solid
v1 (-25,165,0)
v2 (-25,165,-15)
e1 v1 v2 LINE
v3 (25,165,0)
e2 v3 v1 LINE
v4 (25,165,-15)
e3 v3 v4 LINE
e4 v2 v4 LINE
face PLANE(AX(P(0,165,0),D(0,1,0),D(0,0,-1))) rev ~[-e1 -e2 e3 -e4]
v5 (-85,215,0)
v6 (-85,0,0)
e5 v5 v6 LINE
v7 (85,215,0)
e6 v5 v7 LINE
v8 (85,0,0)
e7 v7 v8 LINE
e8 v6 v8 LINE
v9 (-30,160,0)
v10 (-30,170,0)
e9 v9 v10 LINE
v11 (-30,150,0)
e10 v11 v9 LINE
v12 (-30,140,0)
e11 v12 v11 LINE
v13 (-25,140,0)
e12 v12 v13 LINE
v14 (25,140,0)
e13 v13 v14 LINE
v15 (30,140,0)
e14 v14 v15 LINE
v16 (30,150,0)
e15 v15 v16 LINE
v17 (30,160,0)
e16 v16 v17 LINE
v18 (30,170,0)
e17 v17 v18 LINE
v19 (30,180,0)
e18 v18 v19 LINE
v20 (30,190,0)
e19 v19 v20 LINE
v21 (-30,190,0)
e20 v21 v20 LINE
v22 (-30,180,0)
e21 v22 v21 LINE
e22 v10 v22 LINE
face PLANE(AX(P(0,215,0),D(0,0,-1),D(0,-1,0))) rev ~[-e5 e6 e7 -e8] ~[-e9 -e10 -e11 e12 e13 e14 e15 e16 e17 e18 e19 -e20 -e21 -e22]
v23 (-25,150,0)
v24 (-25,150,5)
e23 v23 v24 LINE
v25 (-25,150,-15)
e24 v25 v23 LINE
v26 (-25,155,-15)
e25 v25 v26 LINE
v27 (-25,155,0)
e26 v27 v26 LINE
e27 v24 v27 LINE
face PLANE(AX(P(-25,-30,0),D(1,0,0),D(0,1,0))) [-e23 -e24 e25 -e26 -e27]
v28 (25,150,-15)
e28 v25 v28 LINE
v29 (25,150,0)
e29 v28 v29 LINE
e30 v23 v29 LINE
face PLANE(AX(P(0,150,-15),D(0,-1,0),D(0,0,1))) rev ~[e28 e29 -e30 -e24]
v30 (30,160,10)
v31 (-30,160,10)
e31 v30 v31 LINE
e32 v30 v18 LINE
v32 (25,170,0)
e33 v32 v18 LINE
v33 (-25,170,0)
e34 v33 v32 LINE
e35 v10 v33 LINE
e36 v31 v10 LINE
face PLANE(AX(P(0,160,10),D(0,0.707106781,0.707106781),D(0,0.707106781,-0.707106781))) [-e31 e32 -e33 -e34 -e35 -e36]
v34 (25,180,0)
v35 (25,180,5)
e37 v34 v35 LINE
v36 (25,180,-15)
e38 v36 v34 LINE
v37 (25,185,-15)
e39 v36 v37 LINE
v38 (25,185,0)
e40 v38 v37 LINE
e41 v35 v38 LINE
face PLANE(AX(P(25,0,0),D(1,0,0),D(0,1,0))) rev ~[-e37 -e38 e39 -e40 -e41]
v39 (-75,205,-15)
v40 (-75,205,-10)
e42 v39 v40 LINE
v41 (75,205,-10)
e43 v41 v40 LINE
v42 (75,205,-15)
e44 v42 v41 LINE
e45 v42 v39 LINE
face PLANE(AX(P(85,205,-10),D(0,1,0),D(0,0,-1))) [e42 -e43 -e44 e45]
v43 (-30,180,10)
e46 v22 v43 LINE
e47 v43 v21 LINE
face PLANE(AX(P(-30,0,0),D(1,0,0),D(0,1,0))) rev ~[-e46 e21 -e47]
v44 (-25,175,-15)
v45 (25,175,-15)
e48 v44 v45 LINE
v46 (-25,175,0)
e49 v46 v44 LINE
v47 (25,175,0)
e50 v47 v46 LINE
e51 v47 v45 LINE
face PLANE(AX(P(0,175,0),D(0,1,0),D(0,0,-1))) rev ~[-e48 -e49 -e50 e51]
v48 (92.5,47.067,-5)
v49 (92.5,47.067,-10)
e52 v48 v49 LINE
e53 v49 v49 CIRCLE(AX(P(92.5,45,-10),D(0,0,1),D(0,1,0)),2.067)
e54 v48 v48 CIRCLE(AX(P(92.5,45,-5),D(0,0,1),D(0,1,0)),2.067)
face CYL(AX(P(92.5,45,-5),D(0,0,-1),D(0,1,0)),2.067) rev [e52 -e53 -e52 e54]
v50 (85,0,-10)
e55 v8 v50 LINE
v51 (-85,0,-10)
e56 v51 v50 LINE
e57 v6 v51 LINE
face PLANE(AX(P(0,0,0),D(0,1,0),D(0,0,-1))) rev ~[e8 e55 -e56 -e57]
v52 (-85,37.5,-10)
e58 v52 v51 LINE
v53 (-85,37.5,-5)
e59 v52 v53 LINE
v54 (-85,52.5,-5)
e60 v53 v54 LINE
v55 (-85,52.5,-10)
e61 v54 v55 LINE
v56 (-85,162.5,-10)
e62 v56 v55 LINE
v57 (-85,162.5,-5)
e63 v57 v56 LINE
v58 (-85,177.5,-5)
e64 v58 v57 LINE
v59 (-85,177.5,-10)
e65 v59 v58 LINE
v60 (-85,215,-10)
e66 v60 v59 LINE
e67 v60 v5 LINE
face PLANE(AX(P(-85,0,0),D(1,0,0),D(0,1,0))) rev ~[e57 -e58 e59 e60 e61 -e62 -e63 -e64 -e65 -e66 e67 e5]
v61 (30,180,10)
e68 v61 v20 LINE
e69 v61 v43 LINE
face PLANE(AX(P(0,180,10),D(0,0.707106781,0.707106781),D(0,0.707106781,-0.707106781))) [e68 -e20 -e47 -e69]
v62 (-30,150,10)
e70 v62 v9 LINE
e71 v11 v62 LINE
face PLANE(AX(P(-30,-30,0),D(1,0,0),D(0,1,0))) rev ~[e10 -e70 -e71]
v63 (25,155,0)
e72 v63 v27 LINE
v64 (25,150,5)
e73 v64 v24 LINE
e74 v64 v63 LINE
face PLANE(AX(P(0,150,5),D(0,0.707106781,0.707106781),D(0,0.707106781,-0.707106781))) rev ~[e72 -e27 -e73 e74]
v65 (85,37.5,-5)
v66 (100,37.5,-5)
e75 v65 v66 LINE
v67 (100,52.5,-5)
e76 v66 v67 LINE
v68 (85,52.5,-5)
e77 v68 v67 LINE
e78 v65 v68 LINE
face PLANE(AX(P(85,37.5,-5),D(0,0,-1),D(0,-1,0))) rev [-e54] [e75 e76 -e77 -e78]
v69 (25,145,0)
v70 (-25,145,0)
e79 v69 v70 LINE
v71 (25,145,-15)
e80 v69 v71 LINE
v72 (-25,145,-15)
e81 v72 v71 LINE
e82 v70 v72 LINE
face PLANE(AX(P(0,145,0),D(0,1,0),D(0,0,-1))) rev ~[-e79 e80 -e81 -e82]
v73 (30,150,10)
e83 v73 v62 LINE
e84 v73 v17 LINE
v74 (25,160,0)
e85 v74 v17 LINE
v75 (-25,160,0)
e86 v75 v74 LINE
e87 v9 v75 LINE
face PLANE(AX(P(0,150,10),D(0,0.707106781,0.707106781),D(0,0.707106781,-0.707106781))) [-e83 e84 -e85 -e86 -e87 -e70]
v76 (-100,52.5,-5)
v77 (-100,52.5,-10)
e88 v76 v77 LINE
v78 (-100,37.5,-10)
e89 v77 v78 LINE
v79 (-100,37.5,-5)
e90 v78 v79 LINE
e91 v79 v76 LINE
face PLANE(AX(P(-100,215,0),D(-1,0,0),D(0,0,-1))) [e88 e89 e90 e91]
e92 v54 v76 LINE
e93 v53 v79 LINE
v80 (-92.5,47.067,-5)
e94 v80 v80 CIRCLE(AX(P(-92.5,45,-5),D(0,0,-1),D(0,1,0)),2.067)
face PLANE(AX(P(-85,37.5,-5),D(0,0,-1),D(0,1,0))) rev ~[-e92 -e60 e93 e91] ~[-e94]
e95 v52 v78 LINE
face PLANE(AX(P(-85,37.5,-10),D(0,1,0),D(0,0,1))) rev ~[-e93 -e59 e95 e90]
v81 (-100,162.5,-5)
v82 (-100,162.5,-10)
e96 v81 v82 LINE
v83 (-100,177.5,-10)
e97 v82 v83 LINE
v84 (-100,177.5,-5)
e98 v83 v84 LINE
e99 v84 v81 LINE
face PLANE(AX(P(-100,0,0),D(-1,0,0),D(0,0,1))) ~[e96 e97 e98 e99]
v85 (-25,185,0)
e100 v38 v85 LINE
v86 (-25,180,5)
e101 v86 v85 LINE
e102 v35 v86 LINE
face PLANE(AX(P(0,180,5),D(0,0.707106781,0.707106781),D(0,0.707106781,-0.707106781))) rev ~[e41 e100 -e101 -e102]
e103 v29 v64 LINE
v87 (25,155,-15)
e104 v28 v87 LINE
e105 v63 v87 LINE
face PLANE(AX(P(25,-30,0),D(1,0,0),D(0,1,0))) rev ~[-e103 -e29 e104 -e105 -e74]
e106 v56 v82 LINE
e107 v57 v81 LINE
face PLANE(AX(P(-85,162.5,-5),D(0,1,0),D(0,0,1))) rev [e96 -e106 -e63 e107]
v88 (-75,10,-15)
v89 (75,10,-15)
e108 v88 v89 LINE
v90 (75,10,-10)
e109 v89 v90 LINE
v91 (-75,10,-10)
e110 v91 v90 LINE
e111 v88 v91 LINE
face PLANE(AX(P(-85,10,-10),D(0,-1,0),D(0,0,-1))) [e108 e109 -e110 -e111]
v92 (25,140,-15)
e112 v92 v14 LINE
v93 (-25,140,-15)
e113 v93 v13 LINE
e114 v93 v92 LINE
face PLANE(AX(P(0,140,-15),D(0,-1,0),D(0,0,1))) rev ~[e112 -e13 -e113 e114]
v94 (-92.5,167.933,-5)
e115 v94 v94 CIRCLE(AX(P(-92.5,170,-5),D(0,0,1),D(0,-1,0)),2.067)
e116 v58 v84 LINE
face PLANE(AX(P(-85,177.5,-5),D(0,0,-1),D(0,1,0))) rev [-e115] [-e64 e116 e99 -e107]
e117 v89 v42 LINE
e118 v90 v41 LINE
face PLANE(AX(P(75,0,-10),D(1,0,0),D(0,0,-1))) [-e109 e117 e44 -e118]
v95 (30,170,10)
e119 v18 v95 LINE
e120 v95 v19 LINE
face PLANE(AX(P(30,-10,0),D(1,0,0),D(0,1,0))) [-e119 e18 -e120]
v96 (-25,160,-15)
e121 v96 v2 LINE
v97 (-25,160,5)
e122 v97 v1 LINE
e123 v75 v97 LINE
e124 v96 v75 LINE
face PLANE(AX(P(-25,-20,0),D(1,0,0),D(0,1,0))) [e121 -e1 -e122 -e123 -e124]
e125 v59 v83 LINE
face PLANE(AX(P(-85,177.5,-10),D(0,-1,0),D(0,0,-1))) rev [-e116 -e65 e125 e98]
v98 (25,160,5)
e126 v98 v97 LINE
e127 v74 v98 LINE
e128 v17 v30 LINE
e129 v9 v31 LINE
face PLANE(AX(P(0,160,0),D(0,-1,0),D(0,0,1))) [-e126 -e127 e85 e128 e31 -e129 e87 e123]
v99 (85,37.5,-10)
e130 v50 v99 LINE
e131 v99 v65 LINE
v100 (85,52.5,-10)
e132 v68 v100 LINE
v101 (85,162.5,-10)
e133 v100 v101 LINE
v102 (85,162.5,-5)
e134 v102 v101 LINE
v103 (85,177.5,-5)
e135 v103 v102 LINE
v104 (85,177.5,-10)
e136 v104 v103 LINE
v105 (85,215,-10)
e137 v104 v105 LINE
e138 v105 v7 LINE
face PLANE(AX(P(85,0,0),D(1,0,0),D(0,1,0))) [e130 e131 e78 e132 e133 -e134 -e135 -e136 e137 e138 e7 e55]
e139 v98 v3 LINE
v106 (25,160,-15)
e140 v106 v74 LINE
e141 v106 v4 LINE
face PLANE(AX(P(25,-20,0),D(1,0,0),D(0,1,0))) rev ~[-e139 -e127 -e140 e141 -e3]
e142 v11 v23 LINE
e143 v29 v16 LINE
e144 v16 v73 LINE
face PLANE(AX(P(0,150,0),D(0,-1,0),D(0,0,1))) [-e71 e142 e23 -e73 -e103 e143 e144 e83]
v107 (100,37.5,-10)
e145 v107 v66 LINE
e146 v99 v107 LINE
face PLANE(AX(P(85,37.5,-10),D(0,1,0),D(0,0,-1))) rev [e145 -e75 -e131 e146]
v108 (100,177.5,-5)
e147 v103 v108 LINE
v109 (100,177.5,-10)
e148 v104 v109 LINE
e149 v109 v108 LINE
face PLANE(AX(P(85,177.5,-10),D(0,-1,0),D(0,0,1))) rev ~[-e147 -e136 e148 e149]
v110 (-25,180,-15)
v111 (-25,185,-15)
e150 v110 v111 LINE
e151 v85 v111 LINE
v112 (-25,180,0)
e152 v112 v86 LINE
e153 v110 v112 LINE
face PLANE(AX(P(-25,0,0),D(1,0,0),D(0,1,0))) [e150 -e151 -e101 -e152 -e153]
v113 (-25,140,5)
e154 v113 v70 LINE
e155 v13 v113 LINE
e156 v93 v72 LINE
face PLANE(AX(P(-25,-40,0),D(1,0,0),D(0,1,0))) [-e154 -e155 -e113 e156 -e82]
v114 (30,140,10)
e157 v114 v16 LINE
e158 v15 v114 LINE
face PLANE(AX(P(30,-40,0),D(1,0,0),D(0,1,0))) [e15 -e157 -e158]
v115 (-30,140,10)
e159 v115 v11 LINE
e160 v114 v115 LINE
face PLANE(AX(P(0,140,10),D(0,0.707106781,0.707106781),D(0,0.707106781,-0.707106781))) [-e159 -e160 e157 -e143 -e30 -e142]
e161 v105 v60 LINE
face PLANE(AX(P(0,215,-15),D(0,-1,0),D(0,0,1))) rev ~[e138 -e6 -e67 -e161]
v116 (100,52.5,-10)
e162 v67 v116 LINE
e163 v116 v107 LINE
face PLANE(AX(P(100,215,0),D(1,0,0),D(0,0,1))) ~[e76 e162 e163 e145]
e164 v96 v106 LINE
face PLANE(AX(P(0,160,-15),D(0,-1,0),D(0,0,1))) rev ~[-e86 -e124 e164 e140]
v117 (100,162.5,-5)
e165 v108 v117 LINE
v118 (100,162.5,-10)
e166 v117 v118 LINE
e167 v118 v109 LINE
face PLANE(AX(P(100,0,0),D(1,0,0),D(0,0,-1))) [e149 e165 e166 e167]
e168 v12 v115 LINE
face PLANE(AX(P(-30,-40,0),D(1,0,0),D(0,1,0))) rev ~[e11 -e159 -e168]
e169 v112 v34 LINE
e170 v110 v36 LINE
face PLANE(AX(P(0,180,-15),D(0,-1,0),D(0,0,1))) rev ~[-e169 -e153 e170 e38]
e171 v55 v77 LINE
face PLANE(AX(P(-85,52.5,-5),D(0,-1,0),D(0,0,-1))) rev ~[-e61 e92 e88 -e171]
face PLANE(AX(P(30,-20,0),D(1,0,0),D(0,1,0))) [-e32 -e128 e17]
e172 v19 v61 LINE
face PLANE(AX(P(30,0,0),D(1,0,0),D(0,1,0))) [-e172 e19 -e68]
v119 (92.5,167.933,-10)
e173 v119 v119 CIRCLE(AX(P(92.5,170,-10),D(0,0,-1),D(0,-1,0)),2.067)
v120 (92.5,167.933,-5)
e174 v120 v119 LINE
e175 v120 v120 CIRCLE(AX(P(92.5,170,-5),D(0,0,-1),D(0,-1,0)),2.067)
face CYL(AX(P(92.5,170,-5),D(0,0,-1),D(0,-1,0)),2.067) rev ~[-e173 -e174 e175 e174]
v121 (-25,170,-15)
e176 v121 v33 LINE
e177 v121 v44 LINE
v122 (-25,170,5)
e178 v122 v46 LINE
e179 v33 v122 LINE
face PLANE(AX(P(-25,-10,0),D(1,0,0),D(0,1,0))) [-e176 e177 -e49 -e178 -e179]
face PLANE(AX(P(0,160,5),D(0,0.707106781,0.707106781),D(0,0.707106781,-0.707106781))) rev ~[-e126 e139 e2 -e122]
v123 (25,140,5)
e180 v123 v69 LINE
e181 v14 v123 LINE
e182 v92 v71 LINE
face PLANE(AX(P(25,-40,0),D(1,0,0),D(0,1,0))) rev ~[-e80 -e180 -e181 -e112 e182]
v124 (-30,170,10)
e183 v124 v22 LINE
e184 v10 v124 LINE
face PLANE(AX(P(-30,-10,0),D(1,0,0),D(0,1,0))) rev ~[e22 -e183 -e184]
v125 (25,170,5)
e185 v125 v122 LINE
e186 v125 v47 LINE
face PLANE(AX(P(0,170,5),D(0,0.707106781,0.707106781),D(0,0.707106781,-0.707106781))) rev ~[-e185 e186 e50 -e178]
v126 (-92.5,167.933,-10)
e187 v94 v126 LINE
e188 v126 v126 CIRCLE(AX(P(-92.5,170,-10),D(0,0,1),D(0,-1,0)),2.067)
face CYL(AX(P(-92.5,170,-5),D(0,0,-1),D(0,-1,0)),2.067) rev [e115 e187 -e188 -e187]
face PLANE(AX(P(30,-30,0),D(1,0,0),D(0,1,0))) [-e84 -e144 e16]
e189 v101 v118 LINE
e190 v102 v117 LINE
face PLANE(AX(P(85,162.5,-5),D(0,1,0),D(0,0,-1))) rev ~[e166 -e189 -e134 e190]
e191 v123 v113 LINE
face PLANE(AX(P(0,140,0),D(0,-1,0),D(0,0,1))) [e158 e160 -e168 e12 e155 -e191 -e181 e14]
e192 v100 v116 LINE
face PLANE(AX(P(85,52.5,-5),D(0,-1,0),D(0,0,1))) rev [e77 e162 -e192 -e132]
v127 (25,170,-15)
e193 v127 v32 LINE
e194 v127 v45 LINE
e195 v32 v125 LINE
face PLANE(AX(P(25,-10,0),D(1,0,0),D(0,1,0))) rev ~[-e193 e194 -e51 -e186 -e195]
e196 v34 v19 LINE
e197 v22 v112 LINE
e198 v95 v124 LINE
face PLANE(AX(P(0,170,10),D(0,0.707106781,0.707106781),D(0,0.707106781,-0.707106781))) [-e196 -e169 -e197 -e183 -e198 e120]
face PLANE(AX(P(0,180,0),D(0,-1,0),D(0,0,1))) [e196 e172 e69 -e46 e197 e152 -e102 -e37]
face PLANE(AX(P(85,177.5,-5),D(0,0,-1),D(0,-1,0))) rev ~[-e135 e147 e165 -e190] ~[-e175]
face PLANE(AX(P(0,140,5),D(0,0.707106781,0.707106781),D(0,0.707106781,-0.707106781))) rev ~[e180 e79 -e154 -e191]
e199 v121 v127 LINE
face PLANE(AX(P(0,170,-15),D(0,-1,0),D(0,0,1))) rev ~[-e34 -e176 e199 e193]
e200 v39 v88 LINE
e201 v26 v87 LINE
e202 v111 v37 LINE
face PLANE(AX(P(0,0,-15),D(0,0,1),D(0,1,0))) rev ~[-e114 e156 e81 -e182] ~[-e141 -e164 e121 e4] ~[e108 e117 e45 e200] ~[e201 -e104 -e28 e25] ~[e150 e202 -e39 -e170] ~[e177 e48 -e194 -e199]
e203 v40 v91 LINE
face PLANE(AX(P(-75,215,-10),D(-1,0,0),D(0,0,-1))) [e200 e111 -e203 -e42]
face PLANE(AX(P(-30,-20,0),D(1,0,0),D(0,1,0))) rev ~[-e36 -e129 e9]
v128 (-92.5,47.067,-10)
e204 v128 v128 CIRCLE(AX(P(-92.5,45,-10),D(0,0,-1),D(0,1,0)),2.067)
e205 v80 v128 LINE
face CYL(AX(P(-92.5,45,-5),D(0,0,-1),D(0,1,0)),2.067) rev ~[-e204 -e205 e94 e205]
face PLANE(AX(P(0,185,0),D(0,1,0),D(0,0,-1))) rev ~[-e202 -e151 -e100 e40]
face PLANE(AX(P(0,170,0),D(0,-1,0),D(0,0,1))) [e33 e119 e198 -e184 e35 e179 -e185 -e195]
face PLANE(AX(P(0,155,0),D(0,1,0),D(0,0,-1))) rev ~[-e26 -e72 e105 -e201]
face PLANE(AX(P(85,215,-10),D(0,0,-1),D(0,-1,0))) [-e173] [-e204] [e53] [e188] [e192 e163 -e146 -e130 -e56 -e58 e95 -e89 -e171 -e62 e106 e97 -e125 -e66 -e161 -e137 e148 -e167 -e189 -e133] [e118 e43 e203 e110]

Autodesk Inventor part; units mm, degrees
sketch "Sketch1" plane through (0, 0, 0) normal (1, 0, 0) x (0, 1, 0)
  line L0 (215, 0) -> (0, 0)
  line L1 (0, 0) -> (0, -15)
  line L2 (0, -15) -> (215, -15)
  line L3 (215, -15) -> (215, 0)
  dimension "d0" = 15
  dimension "d1" = 215
extrude "Extrusion1" add sketch "Sketch1" along normal mid plane 170
sketch "Sketch2" plane through (85, 0, 0) normal (1, 0, 0) x (0, 0, -1)
  line L0 (15, 0) -> (15, 215) projected
  line L1 (15, 215) -> (0, 215) projected
  line L2 (15, 215) -> (10, 215)
  line L3 (10, 215) -> (10, 205)
  line L4 (10, 205) -> (15, 205)
  line L5 (15, 205) -> (15, 215)
  point P0 (0, 0)
  point P1 (12.5, 215)
  point P2 (12.5, 205)
  point P3 (15, 210)
  point P4 (10, 210)
  point P5 (15, 205)
  dimension "d4" = 10
  dimension "d5" = 5
sketch3d "3D Sketch1"
  line L0 (85, 215, -15) -> (-85, 215, -15)
  line L1 (-85, 215, -15) -> (-85, 0, -15)
  line L2 (-85, 0, -15) -> (85, 0, -15)
  line L3 (85, 0, -15) -> (85, 215, -15)
sweep "Sweep1" cut profiles "Sketch2" path "3D Sketch1"
ref_plane "Work Plane1" through (0, 0, 0) normal (1, 0, 0) x (0, 1, 0)
sketch "Sketch3" plane through (0, 0, 0) normal (1, 0, 0) x (0, 1, 0)
  line L0 (0, 0) -> (215, 0) projected
  line L1 (190, 0) -> (180, 0)
  line L2 (180, 0) -> (180, 10)
  line L3 (180, 10) -> (190, 0)
  point P0 (180, 5)
  dimension "d9" = 25
  dimension "d10" = 10
  dimension "d11" = 10
extrude "Extrusion2" add sketch "Sketch3" along normal mid plane 60
sketch "Sketch4" plane through (0, 0, 0) normal (1, 0, 0) x (0, 1, 0)
  line L0 (10, -15) -> (205, -15) projected
  line L1 (180, -15) -> (180, 5)
  line L2 (180, 5) -> (185, 0)
  line L3 (185, 0) -> (185, -15)
  line L4 (185, -15) -> (180, -15)
  line L5 (180, 10) -> (190, 0) projected
  point P0 (0, 0)
  dimension "d14" = 5
  dimension "d15" = 5
extrude "Extrusion3" cut sketch "Sketch4" along normal mid plane 50
pattern_linear "Rectangular Pattern1" count 5 spacing 10 along (0, -1, 0) of "Extrusion2", "Extrusion3"
sketch "Sketch5" plane through (85, 0, 0) normal (1, 0, 0) x (0, 0, -1)
  line L0 (10, 0) -> (10, 215) projected
  line L1 (10, 10) -> (10, 205) projected
  line L2 (10, 177.5) -> (5, 177.5)
  line L3 (5, 177.5) -> (5, 162.5)
  line L4 (5, 162.5) -> (10, 162.5)
  line L5 (10, 162.5) -> (10, 177.5)
  point P0 (0, 0)
  point P1 (7.5, 177.5)
  point P2 (10, 177.5)
  point P3 (7.5, 162.5)
  dimension "d22" = 5
  dimension "d23" = 15
  dimension "d39" = 52.5
extrude "Extrusion4" add sketch "Sketch5" along normal blind 15
sketch "Sketch6" plane through (85, 162.5, -5) normal (0, 0, 1) x (1, 0, 0)
  line L0 (0, 15) -> (15, 15) projected
  line L1 (15, 15) -> (15, 0) projected
  point P0 (-85, -162.5)
  point P1 (7.5, 7.5)
  point P2 (7.5, 15)
  point P3 (15, 7.5)
  dimension "d26" = 7.5
  dimension "d27" = 7.5
hole "Hole1" at (92.5, 170, -5) direction (0, 0, -1) diameter 4.134 depth 5
ref_plane "Work Plane2" through (0, 107.5, 0) normal (0, 1, 0) x (-1, 0, 0)
mirror "Mirror1" about plane through (0, 107.5, 0) normal (0, 1, 0) of "Extrusion4", "Hole1"
ref_plane "Work Plane3" through (0, 0, 0) normal (0, 1, 0) x (-1, 0, 0)
ref_plane "Work Plane5" through (0, 0, 0) normal (1, 0, 0) x (0, 1, 0)
mirror "Mirror2" about plane through (0, 0, 0) normal (1, 0, 0) of "Extrusion4", "Hole1", "Mirror1"
properties part number "caseDoor"
